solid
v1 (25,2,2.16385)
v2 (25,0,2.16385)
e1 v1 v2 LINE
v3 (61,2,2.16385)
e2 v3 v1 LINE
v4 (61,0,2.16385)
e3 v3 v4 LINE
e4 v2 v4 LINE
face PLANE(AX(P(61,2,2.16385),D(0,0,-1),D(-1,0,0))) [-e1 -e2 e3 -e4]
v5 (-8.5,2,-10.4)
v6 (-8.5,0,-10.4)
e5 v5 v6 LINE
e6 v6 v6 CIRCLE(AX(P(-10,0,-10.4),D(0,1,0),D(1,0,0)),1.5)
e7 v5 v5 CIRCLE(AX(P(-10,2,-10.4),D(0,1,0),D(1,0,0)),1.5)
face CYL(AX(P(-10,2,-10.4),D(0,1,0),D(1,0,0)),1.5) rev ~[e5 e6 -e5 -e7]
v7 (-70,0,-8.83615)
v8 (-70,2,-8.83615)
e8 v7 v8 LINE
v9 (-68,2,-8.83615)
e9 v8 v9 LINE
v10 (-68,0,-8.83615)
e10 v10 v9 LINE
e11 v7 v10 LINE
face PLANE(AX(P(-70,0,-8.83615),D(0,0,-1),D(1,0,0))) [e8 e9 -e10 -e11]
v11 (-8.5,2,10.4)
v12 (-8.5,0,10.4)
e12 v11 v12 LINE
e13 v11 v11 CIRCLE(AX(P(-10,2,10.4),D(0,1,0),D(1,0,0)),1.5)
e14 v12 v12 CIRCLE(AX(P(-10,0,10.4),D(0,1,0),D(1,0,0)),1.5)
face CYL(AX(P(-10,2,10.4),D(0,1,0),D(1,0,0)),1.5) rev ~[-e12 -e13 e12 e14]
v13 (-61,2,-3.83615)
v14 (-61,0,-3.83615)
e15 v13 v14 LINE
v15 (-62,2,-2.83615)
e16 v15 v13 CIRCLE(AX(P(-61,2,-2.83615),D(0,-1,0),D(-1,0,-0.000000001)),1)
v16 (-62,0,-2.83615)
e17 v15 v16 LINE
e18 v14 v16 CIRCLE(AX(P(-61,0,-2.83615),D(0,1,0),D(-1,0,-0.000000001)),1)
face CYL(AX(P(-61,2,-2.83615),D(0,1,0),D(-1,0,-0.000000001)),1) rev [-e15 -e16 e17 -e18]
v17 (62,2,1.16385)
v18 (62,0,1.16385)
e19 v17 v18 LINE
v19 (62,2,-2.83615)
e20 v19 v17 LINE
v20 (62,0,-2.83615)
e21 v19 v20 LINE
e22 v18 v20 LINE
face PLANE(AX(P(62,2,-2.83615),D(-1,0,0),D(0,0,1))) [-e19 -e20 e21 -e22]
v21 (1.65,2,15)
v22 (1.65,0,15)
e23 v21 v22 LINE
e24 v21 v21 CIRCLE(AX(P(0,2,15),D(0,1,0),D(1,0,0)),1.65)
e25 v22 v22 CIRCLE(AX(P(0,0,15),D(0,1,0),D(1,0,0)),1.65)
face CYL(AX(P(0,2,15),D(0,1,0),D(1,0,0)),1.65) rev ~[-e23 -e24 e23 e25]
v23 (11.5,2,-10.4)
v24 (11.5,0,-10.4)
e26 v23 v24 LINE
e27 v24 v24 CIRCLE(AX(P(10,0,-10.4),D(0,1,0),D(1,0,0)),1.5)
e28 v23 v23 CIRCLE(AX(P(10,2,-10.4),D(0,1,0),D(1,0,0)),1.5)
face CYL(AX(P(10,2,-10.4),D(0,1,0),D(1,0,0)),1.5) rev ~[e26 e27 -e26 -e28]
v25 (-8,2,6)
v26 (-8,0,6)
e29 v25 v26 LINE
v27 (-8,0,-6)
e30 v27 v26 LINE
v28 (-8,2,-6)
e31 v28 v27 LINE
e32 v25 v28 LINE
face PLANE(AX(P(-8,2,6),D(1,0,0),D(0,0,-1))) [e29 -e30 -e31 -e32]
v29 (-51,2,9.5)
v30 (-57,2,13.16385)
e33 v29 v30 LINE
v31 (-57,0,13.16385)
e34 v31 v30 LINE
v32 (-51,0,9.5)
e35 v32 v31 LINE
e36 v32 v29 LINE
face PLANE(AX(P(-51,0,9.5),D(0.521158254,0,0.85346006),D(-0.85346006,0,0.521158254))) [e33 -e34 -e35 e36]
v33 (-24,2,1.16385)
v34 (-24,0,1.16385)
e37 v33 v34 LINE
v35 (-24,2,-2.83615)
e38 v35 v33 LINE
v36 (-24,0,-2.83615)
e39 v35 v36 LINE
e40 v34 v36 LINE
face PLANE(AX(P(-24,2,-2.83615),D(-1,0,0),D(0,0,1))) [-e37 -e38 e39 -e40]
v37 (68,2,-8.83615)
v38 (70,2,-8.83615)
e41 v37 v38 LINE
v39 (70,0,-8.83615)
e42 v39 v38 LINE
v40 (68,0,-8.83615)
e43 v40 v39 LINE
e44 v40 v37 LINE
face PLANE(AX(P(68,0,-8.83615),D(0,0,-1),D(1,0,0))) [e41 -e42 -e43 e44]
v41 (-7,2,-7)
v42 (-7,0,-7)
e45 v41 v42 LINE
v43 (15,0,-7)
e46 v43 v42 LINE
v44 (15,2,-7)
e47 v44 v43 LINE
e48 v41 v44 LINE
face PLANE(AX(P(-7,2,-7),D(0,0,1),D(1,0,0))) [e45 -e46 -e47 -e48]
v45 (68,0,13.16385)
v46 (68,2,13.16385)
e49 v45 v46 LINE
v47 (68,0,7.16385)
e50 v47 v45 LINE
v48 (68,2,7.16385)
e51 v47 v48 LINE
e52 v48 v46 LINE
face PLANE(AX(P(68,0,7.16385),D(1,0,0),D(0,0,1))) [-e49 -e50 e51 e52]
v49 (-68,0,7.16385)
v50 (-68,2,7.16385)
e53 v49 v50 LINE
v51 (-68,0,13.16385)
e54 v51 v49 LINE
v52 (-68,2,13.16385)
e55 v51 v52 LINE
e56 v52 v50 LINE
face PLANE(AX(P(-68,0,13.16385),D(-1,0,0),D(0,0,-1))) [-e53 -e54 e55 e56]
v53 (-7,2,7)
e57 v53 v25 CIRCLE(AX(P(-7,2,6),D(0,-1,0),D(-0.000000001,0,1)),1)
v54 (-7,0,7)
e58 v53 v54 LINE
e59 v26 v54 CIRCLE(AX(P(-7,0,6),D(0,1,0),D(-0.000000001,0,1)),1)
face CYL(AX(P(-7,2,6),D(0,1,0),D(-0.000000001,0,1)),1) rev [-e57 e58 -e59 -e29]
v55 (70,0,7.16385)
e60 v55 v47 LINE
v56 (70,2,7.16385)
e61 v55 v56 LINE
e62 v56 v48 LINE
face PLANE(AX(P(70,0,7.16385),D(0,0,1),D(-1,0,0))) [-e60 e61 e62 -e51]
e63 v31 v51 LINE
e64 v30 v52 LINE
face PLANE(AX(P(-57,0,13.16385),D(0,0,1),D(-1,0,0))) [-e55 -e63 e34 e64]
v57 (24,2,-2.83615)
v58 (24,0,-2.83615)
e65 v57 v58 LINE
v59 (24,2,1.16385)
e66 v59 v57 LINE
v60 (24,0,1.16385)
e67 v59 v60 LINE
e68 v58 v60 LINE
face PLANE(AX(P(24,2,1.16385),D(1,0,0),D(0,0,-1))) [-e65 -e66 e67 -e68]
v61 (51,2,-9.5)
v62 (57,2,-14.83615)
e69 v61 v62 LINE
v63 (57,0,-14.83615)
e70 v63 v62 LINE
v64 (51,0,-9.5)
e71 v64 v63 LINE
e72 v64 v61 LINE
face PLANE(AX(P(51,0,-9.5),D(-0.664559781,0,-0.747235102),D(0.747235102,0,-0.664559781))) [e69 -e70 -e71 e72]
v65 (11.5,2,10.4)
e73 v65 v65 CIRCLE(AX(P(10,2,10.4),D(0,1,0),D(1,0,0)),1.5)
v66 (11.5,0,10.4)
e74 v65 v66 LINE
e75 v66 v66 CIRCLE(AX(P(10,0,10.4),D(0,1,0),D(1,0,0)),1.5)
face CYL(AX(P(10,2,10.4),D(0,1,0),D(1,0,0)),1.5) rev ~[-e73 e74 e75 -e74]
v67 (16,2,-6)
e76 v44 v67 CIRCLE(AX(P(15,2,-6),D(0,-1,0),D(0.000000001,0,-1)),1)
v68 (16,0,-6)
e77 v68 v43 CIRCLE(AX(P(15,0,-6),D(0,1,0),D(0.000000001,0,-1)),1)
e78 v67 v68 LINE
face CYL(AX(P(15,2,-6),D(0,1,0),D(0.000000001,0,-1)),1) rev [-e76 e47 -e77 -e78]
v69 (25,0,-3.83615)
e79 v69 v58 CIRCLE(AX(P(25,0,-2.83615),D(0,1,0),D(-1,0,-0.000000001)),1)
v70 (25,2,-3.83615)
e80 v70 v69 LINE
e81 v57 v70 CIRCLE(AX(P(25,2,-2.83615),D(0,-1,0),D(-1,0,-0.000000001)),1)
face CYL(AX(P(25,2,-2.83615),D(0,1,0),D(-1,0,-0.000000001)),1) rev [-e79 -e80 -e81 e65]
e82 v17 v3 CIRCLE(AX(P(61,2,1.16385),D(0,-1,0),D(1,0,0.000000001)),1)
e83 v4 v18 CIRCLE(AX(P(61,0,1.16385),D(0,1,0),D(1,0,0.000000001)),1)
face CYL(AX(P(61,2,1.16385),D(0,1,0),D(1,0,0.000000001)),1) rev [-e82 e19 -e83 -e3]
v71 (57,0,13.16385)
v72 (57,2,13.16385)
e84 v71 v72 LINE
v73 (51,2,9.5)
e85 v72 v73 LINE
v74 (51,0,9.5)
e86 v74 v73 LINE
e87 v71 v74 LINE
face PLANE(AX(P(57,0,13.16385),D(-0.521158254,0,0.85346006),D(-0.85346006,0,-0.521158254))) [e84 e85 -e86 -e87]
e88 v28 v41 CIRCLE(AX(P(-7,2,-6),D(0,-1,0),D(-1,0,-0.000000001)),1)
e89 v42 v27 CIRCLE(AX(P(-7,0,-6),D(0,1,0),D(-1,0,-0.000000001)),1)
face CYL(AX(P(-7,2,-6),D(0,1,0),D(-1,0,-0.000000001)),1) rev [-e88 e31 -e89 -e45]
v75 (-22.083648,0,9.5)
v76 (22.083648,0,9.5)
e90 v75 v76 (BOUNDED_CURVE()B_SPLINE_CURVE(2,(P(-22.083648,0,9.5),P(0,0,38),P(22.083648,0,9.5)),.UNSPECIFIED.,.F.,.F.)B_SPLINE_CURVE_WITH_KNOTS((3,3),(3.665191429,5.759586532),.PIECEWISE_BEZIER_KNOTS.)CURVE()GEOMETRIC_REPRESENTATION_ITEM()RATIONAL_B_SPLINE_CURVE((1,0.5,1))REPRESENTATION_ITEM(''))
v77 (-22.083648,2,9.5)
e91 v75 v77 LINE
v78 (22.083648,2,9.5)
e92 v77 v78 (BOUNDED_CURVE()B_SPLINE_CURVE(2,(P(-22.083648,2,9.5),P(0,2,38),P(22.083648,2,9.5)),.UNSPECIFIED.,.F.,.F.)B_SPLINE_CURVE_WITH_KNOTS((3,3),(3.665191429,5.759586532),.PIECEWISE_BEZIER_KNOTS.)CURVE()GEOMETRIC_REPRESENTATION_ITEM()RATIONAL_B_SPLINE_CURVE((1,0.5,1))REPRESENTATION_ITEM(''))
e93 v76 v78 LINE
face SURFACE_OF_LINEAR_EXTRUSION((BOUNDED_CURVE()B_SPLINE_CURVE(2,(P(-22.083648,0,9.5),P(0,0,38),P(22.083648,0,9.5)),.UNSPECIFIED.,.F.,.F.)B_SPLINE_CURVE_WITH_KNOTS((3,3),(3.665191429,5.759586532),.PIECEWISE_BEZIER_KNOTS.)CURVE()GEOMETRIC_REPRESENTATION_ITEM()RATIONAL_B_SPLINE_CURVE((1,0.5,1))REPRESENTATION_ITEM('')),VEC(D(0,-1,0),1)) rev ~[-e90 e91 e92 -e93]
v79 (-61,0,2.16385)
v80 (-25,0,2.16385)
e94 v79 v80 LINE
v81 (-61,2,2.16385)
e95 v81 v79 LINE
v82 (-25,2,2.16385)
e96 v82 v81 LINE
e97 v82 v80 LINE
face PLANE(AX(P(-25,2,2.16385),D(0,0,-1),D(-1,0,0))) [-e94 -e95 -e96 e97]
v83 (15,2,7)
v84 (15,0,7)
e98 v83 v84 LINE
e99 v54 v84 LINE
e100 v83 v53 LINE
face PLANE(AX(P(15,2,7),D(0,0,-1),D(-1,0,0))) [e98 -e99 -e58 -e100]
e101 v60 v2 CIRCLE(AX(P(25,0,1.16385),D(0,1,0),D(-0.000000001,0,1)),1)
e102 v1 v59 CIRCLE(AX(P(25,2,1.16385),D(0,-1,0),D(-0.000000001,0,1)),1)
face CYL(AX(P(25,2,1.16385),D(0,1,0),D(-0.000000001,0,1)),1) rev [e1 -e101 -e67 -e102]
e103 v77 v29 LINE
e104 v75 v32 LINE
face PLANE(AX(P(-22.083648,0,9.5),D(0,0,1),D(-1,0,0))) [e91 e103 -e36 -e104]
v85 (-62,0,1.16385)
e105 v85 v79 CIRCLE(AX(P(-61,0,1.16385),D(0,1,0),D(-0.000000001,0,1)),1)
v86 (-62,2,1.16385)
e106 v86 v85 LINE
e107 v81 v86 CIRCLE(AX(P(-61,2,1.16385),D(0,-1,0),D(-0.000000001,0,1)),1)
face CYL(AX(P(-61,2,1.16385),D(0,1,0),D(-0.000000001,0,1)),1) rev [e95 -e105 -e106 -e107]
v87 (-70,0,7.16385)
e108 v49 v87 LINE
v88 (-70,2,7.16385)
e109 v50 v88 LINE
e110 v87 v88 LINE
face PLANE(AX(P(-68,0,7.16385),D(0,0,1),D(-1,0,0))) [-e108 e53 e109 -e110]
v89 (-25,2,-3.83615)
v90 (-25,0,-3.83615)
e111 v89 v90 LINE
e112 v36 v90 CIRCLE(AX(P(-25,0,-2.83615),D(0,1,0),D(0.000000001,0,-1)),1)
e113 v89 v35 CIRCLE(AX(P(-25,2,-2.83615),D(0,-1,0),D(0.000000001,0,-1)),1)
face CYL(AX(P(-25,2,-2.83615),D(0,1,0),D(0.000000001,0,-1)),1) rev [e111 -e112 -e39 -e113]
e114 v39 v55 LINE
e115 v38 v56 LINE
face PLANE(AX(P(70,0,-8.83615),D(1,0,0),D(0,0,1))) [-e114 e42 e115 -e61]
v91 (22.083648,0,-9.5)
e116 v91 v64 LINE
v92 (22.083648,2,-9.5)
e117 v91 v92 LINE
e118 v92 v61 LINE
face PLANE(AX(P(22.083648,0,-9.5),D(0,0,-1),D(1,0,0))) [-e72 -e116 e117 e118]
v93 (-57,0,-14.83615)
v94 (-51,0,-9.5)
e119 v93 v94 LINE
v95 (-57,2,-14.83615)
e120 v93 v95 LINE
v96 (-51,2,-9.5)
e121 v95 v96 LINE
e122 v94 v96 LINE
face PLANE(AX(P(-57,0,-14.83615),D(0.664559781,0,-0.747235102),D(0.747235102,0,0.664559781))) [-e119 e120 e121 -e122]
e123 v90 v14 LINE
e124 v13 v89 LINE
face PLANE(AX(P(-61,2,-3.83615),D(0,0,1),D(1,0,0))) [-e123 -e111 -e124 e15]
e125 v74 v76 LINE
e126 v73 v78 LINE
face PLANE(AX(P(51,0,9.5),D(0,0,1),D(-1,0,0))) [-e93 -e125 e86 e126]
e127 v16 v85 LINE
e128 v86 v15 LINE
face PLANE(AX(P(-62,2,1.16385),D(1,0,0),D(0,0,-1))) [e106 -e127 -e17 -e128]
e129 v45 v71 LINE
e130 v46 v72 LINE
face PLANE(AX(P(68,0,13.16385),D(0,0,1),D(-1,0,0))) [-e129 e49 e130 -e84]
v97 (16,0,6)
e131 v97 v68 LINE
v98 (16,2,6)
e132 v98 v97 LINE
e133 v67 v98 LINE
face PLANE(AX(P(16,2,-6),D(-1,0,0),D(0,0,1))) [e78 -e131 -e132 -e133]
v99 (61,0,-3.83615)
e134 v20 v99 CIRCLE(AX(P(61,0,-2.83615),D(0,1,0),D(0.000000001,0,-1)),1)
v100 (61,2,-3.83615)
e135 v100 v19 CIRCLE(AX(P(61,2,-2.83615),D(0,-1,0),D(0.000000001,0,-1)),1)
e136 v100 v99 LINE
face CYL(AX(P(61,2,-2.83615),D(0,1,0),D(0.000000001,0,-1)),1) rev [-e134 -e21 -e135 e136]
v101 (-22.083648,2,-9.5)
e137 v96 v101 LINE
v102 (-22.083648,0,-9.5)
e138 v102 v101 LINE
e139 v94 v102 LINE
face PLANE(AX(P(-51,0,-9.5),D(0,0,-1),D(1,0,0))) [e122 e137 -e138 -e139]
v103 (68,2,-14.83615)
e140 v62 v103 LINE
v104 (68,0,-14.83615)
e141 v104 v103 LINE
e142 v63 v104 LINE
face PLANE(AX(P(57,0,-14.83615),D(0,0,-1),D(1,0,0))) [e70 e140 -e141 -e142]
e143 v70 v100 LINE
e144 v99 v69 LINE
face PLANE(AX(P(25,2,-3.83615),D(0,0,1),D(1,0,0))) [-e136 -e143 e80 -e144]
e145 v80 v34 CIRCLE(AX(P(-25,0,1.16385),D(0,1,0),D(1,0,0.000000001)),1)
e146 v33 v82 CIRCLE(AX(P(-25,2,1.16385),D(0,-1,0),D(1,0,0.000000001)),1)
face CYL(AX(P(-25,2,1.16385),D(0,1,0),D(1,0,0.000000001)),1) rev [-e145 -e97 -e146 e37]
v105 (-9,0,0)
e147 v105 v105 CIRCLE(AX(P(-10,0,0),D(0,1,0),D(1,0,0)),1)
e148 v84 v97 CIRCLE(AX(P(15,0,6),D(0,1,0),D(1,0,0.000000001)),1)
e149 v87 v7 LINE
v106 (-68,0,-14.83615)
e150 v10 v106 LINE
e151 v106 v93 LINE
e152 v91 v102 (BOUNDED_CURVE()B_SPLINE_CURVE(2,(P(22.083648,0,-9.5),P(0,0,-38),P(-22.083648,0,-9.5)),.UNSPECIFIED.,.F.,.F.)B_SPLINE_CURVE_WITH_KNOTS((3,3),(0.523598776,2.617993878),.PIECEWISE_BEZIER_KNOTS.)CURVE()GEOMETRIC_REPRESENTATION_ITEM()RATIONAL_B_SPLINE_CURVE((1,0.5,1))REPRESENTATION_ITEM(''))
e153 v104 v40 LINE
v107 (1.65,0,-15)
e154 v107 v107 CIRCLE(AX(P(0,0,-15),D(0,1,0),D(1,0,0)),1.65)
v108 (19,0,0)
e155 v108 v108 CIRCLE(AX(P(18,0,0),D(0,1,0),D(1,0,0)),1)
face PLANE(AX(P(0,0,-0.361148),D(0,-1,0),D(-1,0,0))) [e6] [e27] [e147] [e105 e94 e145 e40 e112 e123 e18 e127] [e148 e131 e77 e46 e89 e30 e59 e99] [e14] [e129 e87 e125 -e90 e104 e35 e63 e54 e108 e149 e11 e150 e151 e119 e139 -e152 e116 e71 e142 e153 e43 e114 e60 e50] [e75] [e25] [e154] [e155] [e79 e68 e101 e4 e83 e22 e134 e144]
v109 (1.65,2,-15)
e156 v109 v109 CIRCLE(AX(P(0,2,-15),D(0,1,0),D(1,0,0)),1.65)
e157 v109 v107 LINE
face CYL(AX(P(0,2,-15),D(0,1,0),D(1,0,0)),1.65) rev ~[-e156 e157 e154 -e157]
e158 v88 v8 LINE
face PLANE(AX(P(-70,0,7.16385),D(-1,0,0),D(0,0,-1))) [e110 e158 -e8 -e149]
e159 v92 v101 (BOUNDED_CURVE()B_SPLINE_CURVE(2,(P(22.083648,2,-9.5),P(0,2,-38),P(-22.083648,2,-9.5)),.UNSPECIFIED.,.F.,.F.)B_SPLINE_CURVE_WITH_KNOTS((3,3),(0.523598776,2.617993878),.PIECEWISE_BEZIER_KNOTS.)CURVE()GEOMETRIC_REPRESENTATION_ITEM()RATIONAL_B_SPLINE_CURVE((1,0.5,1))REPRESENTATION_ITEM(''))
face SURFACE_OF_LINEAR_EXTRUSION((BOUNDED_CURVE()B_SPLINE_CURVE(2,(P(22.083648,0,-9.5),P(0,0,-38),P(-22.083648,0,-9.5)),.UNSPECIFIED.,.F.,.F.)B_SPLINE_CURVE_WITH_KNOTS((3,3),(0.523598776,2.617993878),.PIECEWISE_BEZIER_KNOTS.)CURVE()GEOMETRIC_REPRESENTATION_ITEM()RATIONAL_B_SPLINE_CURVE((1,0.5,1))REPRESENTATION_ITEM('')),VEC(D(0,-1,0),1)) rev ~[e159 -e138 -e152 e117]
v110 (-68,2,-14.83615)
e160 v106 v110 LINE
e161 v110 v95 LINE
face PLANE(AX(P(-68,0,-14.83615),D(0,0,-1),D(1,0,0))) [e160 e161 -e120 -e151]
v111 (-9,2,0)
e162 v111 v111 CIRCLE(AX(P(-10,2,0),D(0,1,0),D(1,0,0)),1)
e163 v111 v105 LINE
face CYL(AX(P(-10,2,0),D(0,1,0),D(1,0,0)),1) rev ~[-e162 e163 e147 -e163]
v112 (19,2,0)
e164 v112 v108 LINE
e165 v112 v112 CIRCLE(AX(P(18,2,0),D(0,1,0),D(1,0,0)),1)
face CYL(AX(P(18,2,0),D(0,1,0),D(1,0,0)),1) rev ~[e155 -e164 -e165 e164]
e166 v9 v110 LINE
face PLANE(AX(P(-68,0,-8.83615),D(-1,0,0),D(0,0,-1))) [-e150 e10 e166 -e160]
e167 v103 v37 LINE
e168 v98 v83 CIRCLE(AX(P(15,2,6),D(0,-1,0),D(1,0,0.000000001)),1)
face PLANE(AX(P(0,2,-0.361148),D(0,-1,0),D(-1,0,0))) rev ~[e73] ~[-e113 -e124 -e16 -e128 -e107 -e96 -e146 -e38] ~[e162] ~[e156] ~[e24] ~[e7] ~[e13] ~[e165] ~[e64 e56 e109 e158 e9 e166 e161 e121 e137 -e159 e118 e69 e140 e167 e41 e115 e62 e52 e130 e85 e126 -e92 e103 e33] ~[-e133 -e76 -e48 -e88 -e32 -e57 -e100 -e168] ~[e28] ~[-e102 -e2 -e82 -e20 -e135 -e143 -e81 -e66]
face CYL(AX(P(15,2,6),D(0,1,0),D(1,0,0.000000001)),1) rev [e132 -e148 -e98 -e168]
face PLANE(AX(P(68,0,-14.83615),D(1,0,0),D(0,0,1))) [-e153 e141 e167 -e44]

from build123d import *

# Parameters (mm, degrees)
RESSALTO_EXTRUS_O1_DEPTH = 2
ESBO_O2_R                = 1.65
ESBO_O2_R_2              = 1.5
ESBO_O2_R_3              = 1
CORTE_EXTRUS_O1_DEPTH    = 3.0000001


with BuildPart() as part:
    # Esboço1 → Ressalto-extrusão1 (new body)
    with BuildSketch(Plane(origin=(0, 0, 0), x_dir=(1, 0, 0), z_dir=(0, 1, 0))):
        with BuildLine():
            Line((-57, 14.836150135), (-51, 9.5))
            Line((-51, 9.5), (-22.083647797, 9.5))
            add(Edge.make_bspline(
                [(22.083647797, 9.5), (0, 38), (-22.083647797, 9.5)],
                knots=[0.523598776, 0.523598776, 0.523598776, 2.617993878, 2.617993878, 2.617993878], degree=2, weights=[1, 0.5, 1]))
            Line((22.083647797, 9.5), (51, 9.5))
            Line((51, 9.5), (57, 14.836150135))
            Line((57, 14.836150135), (68, 14.836150135))
            Line((68, 14.836150135), (68, 8.836150135))
            Line((68, 8.836150135), (70, 8.836150135))
            Line((70, 8.836150135), (70, -7.163849865))
            Line((70, -7.163849865), (68, -7.163849865))
            Line((68, -7.163849865), (68, -13.163849865))
            Line((68, -13.163849865), (57, -13.163849865))
            Line((57, -13.163849865), (51, -9.5))
            Line((51, -9.5), (22.083647797, -9.5))
            add(Edge.make_bspline(
                [(-22.083647797, -9.5), (0, -38), (22.083647797, -9.5)],
                knots=[3.665191429, 3.665191429, 3.665191429, 5.759586532, 5.759586532, 5.759586532], degree=2, weights=[1, 0.5, 1]))
            Line((-22.083647797, -9.5), (-51, -9.5))
            Line((-51, -9.5), (-57, -13.163849865))
            Line((-57, -13.163849865), (-68, -13.163849865))
            Line((-68, -13.163849865), (-68, -7.163849865))
            Line((-68, -7.163849865), (-70, -7.163849865))
            Line((-70, -7.163849865), (-70, 8.836150135))
            Line((-70, 8.836150135), (-68, 8.836150135))
            Line((-68, 8.836150135), (-68, 14.836150135))
            Line((-68, 14.836150135), (-57, 14.836150135))
        make_face()
    extrude(amount=RESSALTO_EXTRUS_O1_DEPTH)

    # Esboço2 → Corte-extrusão1 (cut, through all)
    with BuildSketch(Plane(origin=(0, 2, 0), x_dir=(1, 0, 0), z_dir=(0, 1, 0))):
        with Locations((0, 15)):
            Circle(ESBO_O2_R)
        with Locations((10, 10.4)):
            Circle(ESBO_O2_R_2)
        with Locations((-10, 10.4)):
            Circle(ESBO_O2_R_2)
        with Locations((0, -15)):
            Circle(ESBO_O2_R)
        with Locations((10, -10.4)):
            Circle(ESBO_O2_R_2)
        with Locations((-10, -10.4)):
            Circle(ESBO_O2_R_2)
        with Locations((-10, 0)):
            Circle(ESBO_O2_R_3)
        with Locations((18, 0)):
            Circle(ESBO_O2_R_3)
        with BuildLine():
            Line((25, 3.836150135), (61, 3.836150135))
            ThreePointArc((61, 3.836150135), (61.707106781, 3.543256916), (62, 2.836150135))
            Line((62, 2.836150135), (62, -1.163849865))
            ThreePointArc((62, -1.163849865), (61.707106781, -1.870956646), (61, -2.163849865))
            Line((61, -2.163849865), (25, -2.163849865))
            ThreePointArc((25, -2.163849865), (24.292893219, -1.870956646), (24, -1.163849865))
            Line((24, -1.163849865), (24, 2.836150135))
            ThreePointArc((24, 2.836150135), (24.292893219, 3.543256916), (25, 3.836150135))
        make_face()
        with BuildLine():
            Line((-61, 3.836150135), (-25, 3.836150135))
            ThreePointArc((-25, 3.836150135), (-24.292893219, 3.543256916), (-24, 2.836150135))
            Line((-24, 2.836150135), (-24, -1.163849865))
            ThreePointArc((-24, -1.163849865), (-24.292893219, -1.870956646), (-25, -2.163849865))
            Line((-25, -2.163849865), (-61, -2.163849865))
            ThreePointArc((-61, -2.163849865), (-61.707106781, -1.870956646), (-62, -1.163849865))
            Line((-62, -1.163849865), (-62, 2.836150135))
            ThreePointArc((-62, 2.836150135), (-61.707106781, 3.543256916), (-61, 3.836150135))
        make_face()
        with BuildLine():
            Line((-7, 7), (15, 7))
            ThreePointArc((15, 7), (15.707106781, 6.707106781), (16, 6))
            Line((16, 6), (16, -6))
            ThreePointArc((16, -6), (15.707106781, -6.707106781), (15, -7))
            Line((15, -7), (-7, -7))
            ThreePointArc((-7, -7), (-7.707106781, -6.707106781), (-8, -6))
            Line((-8, -6), (-8, 6))
            ThreePointArc((-8, 6), (-7.707106781, 6.707106781), (-7, 7))
        make_face()
    extrude(amount=-CORTE_EXTRUS_O1_DEPTH, mode=Mode.SUBTRACT)


solid = part.part
